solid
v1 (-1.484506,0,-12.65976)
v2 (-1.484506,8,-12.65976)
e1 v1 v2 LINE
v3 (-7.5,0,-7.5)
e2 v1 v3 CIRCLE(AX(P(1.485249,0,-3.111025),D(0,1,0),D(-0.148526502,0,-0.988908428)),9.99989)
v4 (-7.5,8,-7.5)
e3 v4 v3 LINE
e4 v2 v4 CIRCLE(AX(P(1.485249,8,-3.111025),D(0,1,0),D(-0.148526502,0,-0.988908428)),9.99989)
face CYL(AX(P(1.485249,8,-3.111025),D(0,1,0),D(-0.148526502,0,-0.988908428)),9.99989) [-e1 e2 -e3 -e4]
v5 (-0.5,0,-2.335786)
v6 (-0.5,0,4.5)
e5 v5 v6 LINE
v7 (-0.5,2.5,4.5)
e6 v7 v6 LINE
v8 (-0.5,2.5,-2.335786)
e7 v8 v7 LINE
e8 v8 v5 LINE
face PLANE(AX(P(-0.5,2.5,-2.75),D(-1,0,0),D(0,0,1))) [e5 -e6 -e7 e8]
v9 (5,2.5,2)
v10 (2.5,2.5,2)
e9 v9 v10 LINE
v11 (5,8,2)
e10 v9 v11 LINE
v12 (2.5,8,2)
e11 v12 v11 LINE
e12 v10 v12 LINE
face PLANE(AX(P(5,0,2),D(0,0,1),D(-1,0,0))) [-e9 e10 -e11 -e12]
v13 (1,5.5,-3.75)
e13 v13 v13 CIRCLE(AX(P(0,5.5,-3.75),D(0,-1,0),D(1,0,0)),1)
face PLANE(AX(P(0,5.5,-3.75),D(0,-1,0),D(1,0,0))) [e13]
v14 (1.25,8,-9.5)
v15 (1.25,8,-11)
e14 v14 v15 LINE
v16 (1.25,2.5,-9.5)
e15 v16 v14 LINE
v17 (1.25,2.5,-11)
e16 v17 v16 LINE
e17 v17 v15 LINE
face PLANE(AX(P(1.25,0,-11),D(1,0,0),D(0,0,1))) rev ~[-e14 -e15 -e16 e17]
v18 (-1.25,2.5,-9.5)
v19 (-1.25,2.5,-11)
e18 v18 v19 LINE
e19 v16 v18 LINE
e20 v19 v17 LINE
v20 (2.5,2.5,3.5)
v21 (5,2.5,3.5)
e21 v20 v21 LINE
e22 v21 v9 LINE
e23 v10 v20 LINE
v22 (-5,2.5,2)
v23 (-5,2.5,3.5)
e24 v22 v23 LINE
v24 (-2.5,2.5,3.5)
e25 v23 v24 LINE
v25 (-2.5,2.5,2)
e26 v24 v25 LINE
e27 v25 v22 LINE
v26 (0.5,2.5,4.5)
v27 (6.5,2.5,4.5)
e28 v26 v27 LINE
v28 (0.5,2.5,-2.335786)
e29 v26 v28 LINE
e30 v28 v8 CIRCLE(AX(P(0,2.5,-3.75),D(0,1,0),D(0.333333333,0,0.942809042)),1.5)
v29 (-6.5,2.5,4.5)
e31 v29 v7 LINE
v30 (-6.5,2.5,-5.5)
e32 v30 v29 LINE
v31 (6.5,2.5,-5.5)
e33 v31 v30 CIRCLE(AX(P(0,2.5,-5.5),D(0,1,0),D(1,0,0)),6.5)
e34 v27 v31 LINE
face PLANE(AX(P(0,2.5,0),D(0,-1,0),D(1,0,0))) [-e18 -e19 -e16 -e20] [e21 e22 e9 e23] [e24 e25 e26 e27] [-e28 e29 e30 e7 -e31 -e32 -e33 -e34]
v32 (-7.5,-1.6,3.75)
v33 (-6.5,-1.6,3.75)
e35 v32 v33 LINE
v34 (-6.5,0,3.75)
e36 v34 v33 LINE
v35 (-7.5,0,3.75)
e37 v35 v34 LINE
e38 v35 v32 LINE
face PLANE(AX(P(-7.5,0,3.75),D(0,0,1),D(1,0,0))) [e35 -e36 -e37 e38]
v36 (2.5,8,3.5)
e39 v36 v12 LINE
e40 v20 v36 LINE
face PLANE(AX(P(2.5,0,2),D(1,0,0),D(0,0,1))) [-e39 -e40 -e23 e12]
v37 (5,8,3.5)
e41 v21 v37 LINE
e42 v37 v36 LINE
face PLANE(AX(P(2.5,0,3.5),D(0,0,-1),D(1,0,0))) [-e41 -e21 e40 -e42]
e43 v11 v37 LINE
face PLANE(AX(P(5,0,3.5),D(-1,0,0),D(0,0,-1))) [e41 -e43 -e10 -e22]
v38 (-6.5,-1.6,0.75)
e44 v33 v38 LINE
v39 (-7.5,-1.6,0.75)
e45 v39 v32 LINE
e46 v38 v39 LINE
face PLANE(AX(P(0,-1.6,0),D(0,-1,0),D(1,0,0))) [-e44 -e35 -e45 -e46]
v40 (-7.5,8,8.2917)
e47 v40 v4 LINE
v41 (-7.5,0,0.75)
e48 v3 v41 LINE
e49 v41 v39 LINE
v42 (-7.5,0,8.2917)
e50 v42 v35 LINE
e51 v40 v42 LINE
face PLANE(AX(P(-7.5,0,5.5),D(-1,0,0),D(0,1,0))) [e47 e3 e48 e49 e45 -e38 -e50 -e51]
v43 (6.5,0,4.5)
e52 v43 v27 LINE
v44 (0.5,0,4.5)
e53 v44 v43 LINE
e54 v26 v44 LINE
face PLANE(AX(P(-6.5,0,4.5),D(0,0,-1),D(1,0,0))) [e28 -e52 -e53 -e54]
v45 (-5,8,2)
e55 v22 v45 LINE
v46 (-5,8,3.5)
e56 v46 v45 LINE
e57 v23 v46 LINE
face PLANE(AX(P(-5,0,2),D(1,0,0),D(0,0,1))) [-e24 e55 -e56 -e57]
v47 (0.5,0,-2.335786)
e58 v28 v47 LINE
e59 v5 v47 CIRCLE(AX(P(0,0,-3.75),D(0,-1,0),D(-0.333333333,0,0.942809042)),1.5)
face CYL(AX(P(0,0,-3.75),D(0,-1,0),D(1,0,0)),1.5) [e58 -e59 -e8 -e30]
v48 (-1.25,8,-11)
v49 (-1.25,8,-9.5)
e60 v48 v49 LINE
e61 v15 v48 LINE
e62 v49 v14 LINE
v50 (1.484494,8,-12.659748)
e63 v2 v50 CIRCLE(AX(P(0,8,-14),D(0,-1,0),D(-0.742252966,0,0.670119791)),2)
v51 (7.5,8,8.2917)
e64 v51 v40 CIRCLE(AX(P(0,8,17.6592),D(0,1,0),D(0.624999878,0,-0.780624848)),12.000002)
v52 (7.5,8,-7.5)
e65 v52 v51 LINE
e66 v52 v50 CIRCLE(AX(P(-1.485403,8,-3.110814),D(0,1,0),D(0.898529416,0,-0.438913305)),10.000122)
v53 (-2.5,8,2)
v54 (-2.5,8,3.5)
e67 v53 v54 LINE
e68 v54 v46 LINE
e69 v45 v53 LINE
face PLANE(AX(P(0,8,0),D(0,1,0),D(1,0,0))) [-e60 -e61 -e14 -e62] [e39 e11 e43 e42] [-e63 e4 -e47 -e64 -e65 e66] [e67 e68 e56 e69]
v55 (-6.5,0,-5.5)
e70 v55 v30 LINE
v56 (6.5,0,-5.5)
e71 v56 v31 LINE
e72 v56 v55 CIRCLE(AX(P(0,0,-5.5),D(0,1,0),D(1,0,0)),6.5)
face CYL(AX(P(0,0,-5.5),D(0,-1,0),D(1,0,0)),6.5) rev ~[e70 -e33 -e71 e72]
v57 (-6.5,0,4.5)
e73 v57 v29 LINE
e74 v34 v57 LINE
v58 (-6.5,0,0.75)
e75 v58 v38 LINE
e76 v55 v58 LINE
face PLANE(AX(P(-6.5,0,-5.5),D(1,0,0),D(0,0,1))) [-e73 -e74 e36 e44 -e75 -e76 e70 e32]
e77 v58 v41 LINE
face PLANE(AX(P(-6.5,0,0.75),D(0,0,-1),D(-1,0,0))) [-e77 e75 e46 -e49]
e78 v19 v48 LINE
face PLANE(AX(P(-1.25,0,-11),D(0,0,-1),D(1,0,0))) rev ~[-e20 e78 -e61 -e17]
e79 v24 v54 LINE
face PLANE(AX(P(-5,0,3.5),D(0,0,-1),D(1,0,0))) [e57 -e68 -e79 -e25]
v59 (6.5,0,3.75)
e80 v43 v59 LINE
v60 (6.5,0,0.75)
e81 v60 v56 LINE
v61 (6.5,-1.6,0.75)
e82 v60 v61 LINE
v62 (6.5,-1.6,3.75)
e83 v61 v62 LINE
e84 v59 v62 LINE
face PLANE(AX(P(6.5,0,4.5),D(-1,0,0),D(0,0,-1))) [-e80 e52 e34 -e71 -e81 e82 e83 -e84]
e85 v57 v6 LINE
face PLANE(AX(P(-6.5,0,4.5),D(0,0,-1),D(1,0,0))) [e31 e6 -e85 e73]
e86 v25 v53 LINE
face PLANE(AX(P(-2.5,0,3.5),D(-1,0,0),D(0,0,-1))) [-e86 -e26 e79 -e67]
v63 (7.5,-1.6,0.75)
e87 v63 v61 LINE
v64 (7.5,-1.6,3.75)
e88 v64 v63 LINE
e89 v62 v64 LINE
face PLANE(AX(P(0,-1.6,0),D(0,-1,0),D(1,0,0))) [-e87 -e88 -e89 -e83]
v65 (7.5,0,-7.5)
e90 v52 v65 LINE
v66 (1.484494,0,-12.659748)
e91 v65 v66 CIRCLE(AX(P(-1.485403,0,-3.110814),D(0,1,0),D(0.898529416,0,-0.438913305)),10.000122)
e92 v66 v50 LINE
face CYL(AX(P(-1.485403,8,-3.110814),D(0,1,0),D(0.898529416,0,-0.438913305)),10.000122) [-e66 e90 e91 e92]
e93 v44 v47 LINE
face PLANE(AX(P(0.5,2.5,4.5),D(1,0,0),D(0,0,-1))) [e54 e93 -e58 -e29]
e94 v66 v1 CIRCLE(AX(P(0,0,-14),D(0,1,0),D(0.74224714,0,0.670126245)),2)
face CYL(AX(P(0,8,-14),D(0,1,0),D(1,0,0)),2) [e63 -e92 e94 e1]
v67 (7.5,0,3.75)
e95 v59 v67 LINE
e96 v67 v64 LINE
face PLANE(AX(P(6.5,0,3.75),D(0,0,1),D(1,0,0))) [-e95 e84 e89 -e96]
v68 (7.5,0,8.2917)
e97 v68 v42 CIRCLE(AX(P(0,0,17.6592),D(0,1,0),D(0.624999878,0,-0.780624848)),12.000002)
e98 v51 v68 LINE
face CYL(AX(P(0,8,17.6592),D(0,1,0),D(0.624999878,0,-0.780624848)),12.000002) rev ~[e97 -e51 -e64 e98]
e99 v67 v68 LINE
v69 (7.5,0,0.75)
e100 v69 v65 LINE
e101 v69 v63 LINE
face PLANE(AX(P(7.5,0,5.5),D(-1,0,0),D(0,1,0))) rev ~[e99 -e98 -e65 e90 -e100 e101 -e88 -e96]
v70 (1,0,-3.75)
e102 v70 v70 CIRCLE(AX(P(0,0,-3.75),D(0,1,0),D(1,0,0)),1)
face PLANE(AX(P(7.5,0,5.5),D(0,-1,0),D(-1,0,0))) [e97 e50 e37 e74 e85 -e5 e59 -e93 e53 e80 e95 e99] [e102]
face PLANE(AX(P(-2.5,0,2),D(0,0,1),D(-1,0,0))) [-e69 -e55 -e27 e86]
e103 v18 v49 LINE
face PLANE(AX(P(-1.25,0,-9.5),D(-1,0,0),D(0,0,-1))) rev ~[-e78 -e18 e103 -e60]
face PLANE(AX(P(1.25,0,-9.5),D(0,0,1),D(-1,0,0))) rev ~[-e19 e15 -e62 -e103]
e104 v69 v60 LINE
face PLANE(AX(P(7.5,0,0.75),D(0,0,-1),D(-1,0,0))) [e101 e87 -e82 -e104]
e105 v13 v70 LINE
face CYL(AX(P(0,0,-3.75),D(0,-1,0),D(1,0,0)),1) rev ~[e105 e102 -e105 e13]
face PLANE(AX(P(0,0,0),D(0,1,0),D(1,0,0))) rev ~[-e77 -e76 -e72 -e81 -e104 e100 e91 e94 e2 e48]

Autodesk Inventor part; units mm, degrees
ref_plane "YZ Plane" through (0, 0, 0) normal (1, 0, 0) x (0, 1, 0)
ref_plane "XZ Plane" through (0, 0, 0) normal (0, 1, 0) x (-1, 0, 0)
ref_plane "XY Plane" through (0, 0, 0) normal (0, 0, 1) x (1, 0, 0)
sketch "Sketch1" plane through (0, 0, 0) normal (0, 1, 0) x (-1, 0, 0)
  line L0 (-7.5, 5.5) -> (7.5, 5.5)
  line L1 (7.5, 5.5) -> (7.5, -5.5)
  line L2 (7.5, -5.5) -> (-7.5, -5.5)
  line L3 (-7.5, -5.5) -> (-7.5, 5.5)
  line L4 (-7.5, 5.5) -> (7.5, -5.5) construction
  line L5 (7.5, 5.5) -> (-7.5, -5.5) construction
  circle A0 centre (0, -5.5) radius 7.5 construction
  arc A1 (-7.5, -5.5) -> (7.5, -5.5) centre (0, -5.5) ccw
  point P0 (0, 0)
  dimension "d0" = 11
  dimension "d1" = 15
extrude "Extrusion1" add sketch "Sketch1" along normal blind 8
sketch "Sketch2" plane through (0, 0, 0) normal (0, -1, 0) x (1, 0, 0)
  line L0 (7.5, 9.25) -> (-7.5, 9.25)
  line L1 (-7.5, 9.25) -> (-7.5, -20.75)
  line L2 (-7.5, -20.75) -> (7.5, -20.75)
  line L3 (7.5, -20.75) -> (7.5, 9.25)
  line L4 (7.5, 9.25) -> (-7.5, -20.75) construction
  line L5 (-7.5, 9.25) -> (7.5, -20.75) construction
  line L6 (-7.5, 5.5) -> (7.5, 5.5) projected
  line L7 (7, 8.75) -> (-7, 8.75) construction
  line L8 (-7, 8.75) -> (-7, -20.25) construction
  line L9 (-7, -20.25) -> (7, -20.25) construction
  line L10 (7, -20.25) -> (7, 8.75) construction
  line L11 (7, 8.75) -> (-7, -20.25) construction
  line L12 (-7, 8.75) -> (7, -20.25) construction
  point P0 (0, 0)
  point P1 (0, -5.75)
  dimension "d4" = 15
  dimension "d5" = 30
  dimension "d6" = 3.75
  dimension "d18" = 0.5
  dimension "d19" = 0.5
sketch "Sketch4" plane through (0, 0, 0) normal (0, -1, 0) x (1, 0, 0)
  line L0 (-7.5, -5.5) -> (-7.5, 5.5) projected
  line L1 (-7.5, 3.75) -> (-6.5, 3.75)
  line L2 (-6.5, 3.75) -> (-6.5, 0.75)
  line L3 (-6.5, 0.75) -> (-7.5, 0.75)
  line L4 (-7.5, 0.75) -> (-7.5, 3.75)
  line L5 (7.5, 5.5) -> (7.5, -5.5) projected
  line L6 (7.5, 0.75) -> (6.5, 0.75)
  line L7 (6.5, 0.75) -> (6.5, 3.75)
  line L8 (6.5, 3.75) -> (7.5, 3.75)
  line L9 (7.5, 3.75) -> (7.5, 0.75)
  line L10 (-7.5, -20.25) -> (7.5, -20.25) construction
  line L11 (7.5, -20.25) -> (7.5, 9.75) construction
  line L12 (7.5, 9.75) -> (-7.5, 9.75) construction
  line L13 (-7.5, 9.75) -> (-7.5, -20.25) construction
  line L14 (-7.5, -20.25) -> (7.5, 9.75) construction
  line L15 (7.5, -20.25) -> (-7.5, 9.75) construction
  line L16 (-7.5, 5.5) -> (7.5, 5.5) construction
  arc A0 (-7.5, -5.5) -> (7.5, -5.5) centre (0, -5.5) ccw construction
  point P0 (0, 0)
  point P1 (0, -5.25)
  point P2 (0, -13)
  point P3 (-7, 3.75)
  point P4 (-7.5, 0.75)
  point P5 (-7, 0.75)
  point P6 (7.5, 3.75)
  point P7 (-7.5, 0.75)
  dimension "d20" = 1
  dimension "d21" = 3
  dimension "d22" = 1
  dimension "d23" = 3
  dimension "d24" = 15
  dimension "d25" = 30
  dimension "d27" = 7.25
  dimension "d106" = 0.75
extrude "Extrusion3" add sketch "Sketch4" along normal blind 1.6
sketch "Sketch6" plane through (0, 0, 0) normal (0, -1, 0) x (1, 0, 0)
  line L0 (7.5, 11.25) -> (-7.5, 11.25)
  line L1 (-7.5, 11.25) -> (-7.5, -18.75)
  line L2 (-7.5, -18.75) -> (7.5, -18.75)
  line L3 (7.5, -18.75) -> (7.5, 11.25)
  line L4 (7.5, 11.25) -> (-7.5, -18.75) construction
  line L5 (-7.5, 11.25) -> (7.5, -18.75) construction
  line L6 (7, 10.75) -> (-7, 10.75) construction
  line L7 (-7, 10.75) -> (-7, -18.25) construction
  line L8 (-7, -18.25) -> (7, -18.25) construction
  line L9 (7, -18.25) -> (7, 10.75) construction
  line L10 (7, 10.75) -> (-7, -18.25) construction
  line L11 (-7, 10.75) -> (7, -18.25) construction
  circle A0 centre (0, -3.75) radius 1
  circle A1 centre (0, -3.75) radius 1.5
  line L12 (-6.5, 4.5) -> (6.5, 4.5)
  line L13 (6.5, 4.5) -> (6.5, -5.5)
  line L14 (6.5, -5.5) -> (-6.5, -5.5)
  line L15 (-6.5, -5.5) -> (-6.5, 4.5)
  line L16 (-7.5, 5.5) -> (7.5, 5.5) projected
  arc A2 (-7.5, -5.5) -> (7.5, -5.5) centre (0, -5.5) ccw projected
  circle A3 centre (0, -5.5) radius 6.5
  point P0 (0, 0)
  point P1 (-7.5, -3.75)
  point P2 (6.5, -5.5)
  dimension "d31" = 15
  dimension "d32" = 30
  dimension "d34" = 0.5
  dimension "d35" = 0.5
  dimension "d36" = 2
  dimension "d37" = 0.5
  dimension "d38" = 1
  dimension "d39" = 1
  dimension "d40" = 1
  dimension "d41" = 1
  dimension "d107" = 3.75
extrude "Extrusion4" cut sketch "Sketch6" against normal blind 2.5 contours A0 | L12 L13 A3 L15 | A3 L14 | L14 A3
sketch "Sketch10" plane through (0, 8, 0) normal (0, 1, 0) x (1, 0, 0)
  point P0 (0, 0)
sketch "Sketch11" plane through (0, 0, 0) normal (0, -1, 0) x (1, 0, 0)
  line L0 (-5, 3.5) -> (-2.5, 3.5)
  line L1 (-2.5, 3.5) -> (-2.5, 2)
  line L2 (-2.5, 2) -> (-5, 2)
  line L3 (-5, 2) -> (-5, 3.5)
  line L4 (2.5, 3.5) -> (5, 3.5)
  line L5 (5, 3.5) -> (5, 2)
  line L6 (5, 2) -> (2.5, 2)
  line L7 (2.5, 2) -> (2.5, 3.5)
  line L8 (-6.5, 3.75) -> (-7.5, 3.75) projected
  line L9 (-6.5, 0.75) -> (-6.5, 3.75) projected
  line L10 (6.5, 3.75) -> (6.5, 0.75) projected
  line L11 (-6.5, 4.5) -> (6.5, 4.5) projected
  line L12 (-1.25, -11) -> (1.25, -11)
  line L13 (1.25, -11) -> (1.25, -9.5)
  line L14 (1.25, -9.5) -> (-1.25, -9.5)
  line L15 (-1.25, -9.5) -> (-1.25, -11)
  circle A0 centre (0, -3.75) radius 1 projected
  point P0 (0, 0)
  point P1 (-3.75, 3.5)
  point P2 (3.75, 3.5)
  point P3 (1.25, -10.25)
  point P4 (2.5, 2.75)
  point P5 (0, -9.5)
  point P6 (3.75, 2)
  point P7 (-2.5, 2.75)
  dimension "d51" = 2.5
  dimension "d52" = 1.5
  dimension "d55" = 2.75
  dimension "d56" = 2.75
  dimension "d60" = 13
  dimension "d61" = 3.75
  dimension "d62" = 3.75
  dimension "d103" = 6.5
  dimension "d104" = 6.5
extrude "Extrusion8" cut sketch "Sketch11" against normal blind 10 contours L0 L1 L2 L3 | L4 L5 L6 L7 | L15 L14 L13 L12
sketch "Sketch12" plane through (0, 2.5, 0) normal (0, -1, 0) x (1, 0, 0)
  line L0 (5, 2) -> (5, 3.5) construction
  line L1 (2.5, 2) -> (5, 2) construction
  line L2 (5, 3.5) -> (2.5, 3.5) construction
  line L3 (2.5, 3.5) -> (2.5, 2) construction
  line L4 (2.5, 2) -> (5, 2) construction
  line L5 (5, 2) -> (5, 3.5) construction
  line L6 (-2.5, 2) -> (-2.5, 3.5) construction
  line L7 (-2.5, 2) -> (-5, 2) construction
  line L8 (-2.5, 3.5) -> (-5, 3.5) construction
  line L9 (-5, 3.5) -> (-5, 2) construction
  line L10 (-5, 2) -> (-2.5, 2) construction
  line L11 (-2.5, 2) -> (-2.5, 3.5) construction
  line L12 (-1.25, -9.5) -> (1.25, -9.5) construction
  line L13 (-1.25, -9.5) -> (-1.25, -11) construction
  line L14 (1.25, -9.5) -> (-1.25, -9.5) construction
  line L15 (-1.25, -9.5) -> (-1.25, -11) construction
  line L16 (-1.25, -11) -> (1.25, -11) construction
  line L17 (1.25, -11) -> (1.25, -9.5) construction
  line L18 (5.5, 3.5) -> (2, 3.5)
  line L19 (2, 3.5) -> (2, 2)
  line L20 (2, 2) -> (5.5, 2)
  line L21 (5.5, 2) -> (5.5, 3.5)
  line L22 (1.75, -9.5) -> (-1.75, -9.5)
  line L23 (-1.75, -9.5) -> (-1.75, -11)
  line L24 (-1.75, -11) -> (1.75, -11)
  line L25 (1.75, -11) -> (1.75, -9.5)
  line L26 (-2, 3.5) -> (-5.5, 3.5)
  line L27 (-5.5, 3.5) -> (-5.5, 2)
  line L28 (-5.5, 2) -> (-2, 2)
  line L29 (-2, 2) -> (-2, 3.5)
  point P0 (0, 0)
  point P1 (-2.5, 2.75)
  point P2 (-2, 2.75)
  point P3 (-3.75, 2)
  point P4 (-3.75, 2)
  point P5 (-3.75, 3.5)
  point P6 (-3.75, 3.5)
  point P7 (-5, 2.75)
  point P8 (-5.5, 2.75)
  point P9 (1.25, -10.25)
  point P10 (1.75, -10.25)
  point P11 (0, -11)
  point P12 (-1.25, -10.25)
  dimension "d63" = 0.5
  dimension "d64" = 0
  dimension "d65" = 0
  dimension "d67" = 0.5
  dimension "d68" = 0
  dimension "d69" = 0
  dimension "d70" = 0.5
  dimension "d71" = 0.5
  dimension "d72" = 0
  dimension "d73" = 0
  dimension "d74" = 0.5
  dimension "d96" = 0.5
sketch "Sketch16" plane through (0, 2.5, 0) normal (0, -1, 0) x (1, 0, 0)
  line L0 (-6.5, -5.5) -> (-6.5, 4.5) construction
  line L1 (-6.5, 4.5) -> (6.5, 4.5) construction
  line L2 (-6.5, 4.5) -> (6.5, 4.5) construction
  line L3 (-0.5, 4.5) -> (0.5, 4.5)
  line L4 (0.5, 4.5) -> (0.5, -2.75)
  line L5 (0.5, -2.75) -> (-0.5, -2.75)
  line L6 (-0.5, -2.75) -> (-0.5, 4.5)
  circle A0 centre (0, -3.75) radius 1.5 construction
  circle A1 centre (0, -3.75) radius 1.75 construction
  line L7 (-6.5, -2.75) -> (6.5174, -2.75) construction
  circle A2 centre (0, -3.75) radius 1.5 construction
  circle A3 centre (0, -3.75) radius 1 construction
  line L8 (6.5, 0.75) -> (6.5, -5.5) projected
  line L9 (-6.5, -5.873) -> (6.5, -5.873)
  line L10 (6.5, -5.873) -> (6.5, -6.873)
  line L11 (6.5, -6.873) -> (-6.5, -6.873)
  line L12 (-6.5, -6.873) -> (-6.5, -5.873)
  point P0 (0, 0)
  point P1 (0, 4.5)
  point P2 (0.0087, -2.75)
  dimension "d94" = 1
  dimension "d95" = 1
extrude "Extrusion10" add sketch "Sketch16" along normal blind 2.5 contours L3 L4 L5 L6
sketch "Sketch19" plane through (-7.5, 0, 5.5) normal (0, 0, 1) x (1, 0, 0)
  line L0 (15, 0) -> (15, 8) projected
  line L1 (0, 8) -> (15, 8)
  line L2 (15, 8) -> (15, 0)
  line L3 (15, 0) -> (0, 0)
  line L4 (0, 0) -> (0, 8)
  point P0 (7.5, 0)
extrude "Extrusion13" add sketch "Sketch19" along normal blind 6
sketch "Sketch18" plane through (0, 8, 0) normal (0, 1, 0) x (1, 0, 0)
  line L0 (-7.5, -3.75) -> (-7.5, -5.5) projected
  line L1 (-7.5, -5.5) -> (-7.5, -8.2917)
  line L2 (7.5, -5.5) -> (7.5, -8.2917)
  arc A0 (7.5, -8.2917) -> (-7.5, -8.2917) centre (0, -17.6592) ccw
  line L3 (-7.5, -5.5) -> (0, -3.75)
  line L4 (-7.5, -5.5) -> (7.5, -5.5) projected
  line L5 (0, -3.75) -> (7.5, -5.5)
  line L6 (-7.5, -8.2917) -> (-7.5, -17.8663)
  line L7 (-7.5, -17.8663) -> (8.2387, -17.8663)
  line L8 (8.2387, -17.8663) -> (7.5, -8.2917)
  line L9 (-7.5, -8.2917) -> (-7.5, -5.5)
  point P0 (0, 0)
  point P1 (3.395, -5.5)
  point P2 (-3.395, -5.5)
  dimension "d108" = 12
extrude "Extrusion12" cut sketch "Sketch18" against normal blind 8 contours A0 L8 L7 L6
sketch "Sketch21" plane through (0, 8, 0) normal (0, 1, 0) x (1, 0, 0)
  line L0 (-7.5, 5.5) -> (-7.5, -8.2917) projected
  line L1 (-7.5, 5.5) -> (-4.5586, 5.5)
  line L2 (-4.5586, 5.5) -> (-4.5586, 13.4633)
  line L3 (-4.5586, 13.4633) -> (-7.5, 13.4633)
  line L4 (-7.5, 13.4633) -> (-7.5, 5.5)
  arc A0 (7.5, 5.5) -> (-7.5, 5.5) centre (0, 5.5) ccw projected
  line L5 (7.5, 5.5) -> (3.8632, 5.5)
  line L6 (3.8632, 5.5) -> (3.8632, 13.1156)
  line L7 (3.8632, 13.1156) -> (7.5, 13.1156)
  line L8 (7.5, 13.1156) -> (7.5, 5.5)
  point P0 (0, 0)
  point P1 (3.8632, 11.9285)
  point P2 (-4.5586, 11.4556)
  point P3 (-7.5, -5.5)
extrude "Extrusion15" add sketch "Sketch21" against normal blind 8 contours L6 L7 L8 A0 | L4 L3 L2 A0
sketch "Sketch20" plane through (0, 8, 0) normal (0, 1, 0) x (1, 0, 0)
  arc A0 (7.5, 5.5) -> (-7.5, 5.5) centre (0, 5.5) ccw projected
  line L0 (-7.5, 5.5) -> (-7.5, 7.5)
  line L1 (7.5, 5.5) -> (7.5, 7.5)
  arc A1 (0, 13) -> (-7.5, 7.5) centre (1.4853, 3.1109) ccw
  arc A2 (7.5, 7.5) -> (0, 13) centre (-1.4853, 3.1109) ccw
  line L2 (-7.5, 7.5) -> (-7.5, 19.3065)
  line L3 (-7.5, 7.5) -> (4.3065, 7.5) construction
  line L4 (-7.5, 19.3065) -> (7.5, 19.3065)
  line L5 (7.5, 19.3065) -> (7.5, 7.5)
  point P0 (0, 0)
  point P1 (-6.7259, 8.8184)
  point P2 (6.7259, 8.8184)
  dimension "d113" = 2
  dimension "d114" = 10
  dimension "d115" = 90
  dimension "d116" = 90
extrude "Extrusion14" cut sketch "Sketch20" against normal blind 10 contours A2 A0 | A0 A1 L2 L4 L5 A2 | A1 A0
sketch "Sketch22" plane through (0, 8, 0) normal (0, 1, 0) x (1, 0, 0)
  line L0 (0, 0) -> (0, 20.304) construction
  circle A0 centre (0, 14) radius 2
  line L1 (-1.25, 11) -> (1.25, 11) projected
  dimension "d121" = 4
  dimension "d122" = 3
extrude "Extrusion16" add sketch "Sketch22" against normal blind 8
sketch "Sketch23" plane through (0, 2.5, -3.75) normal (0, -1, 0) x (1, 0, 0)
  circle A0 centre (0, 0) radius 1 projected
  circle A1 centre (0, 0) radius 1
  point P0 (0, 3.75)
extrude "Extrusion17" cut sketch "Sketch23" against normal blind 3
sketch "Sketch14" plane through (0, 2.5, 0) normal (0, -1, 0) x (1, 0, 0)
  line L0 (5, 2.75) -> (2.5, 2.75) construction
  line L1 (2.5, 2.75) -> (2.5, 1.25) construction
  line L2 (2.5, 1.25) -> (5, 1.25) construction
  line L3 (5, 1.25) -> (5, 2.75) construction
  line L4 (5.5, 3.25) -> (2, 3.25)
  line L5 (2, 3.25) -> (2, 0.75)
  line L6 (2, 0.75) -> (5.5, 0.75)
  line L7 (5.5, 0.75) -> (5.5, 3.25)
  dimension "d86" = 0.5
  dimension "d87" = 0.5
sketch "Sketch15" plane through (0, 3.5, 0) normal (0, -1, 0) x (1, 0, 0)
  line L0 (5, 2.75) -> (2.5, 2.75)
  line L1 (2.5, 2.75) -> (2.5, 1.25)
  line L2 (2.5, 1.25) -> (5, 1.25)
  line L3 (5, 1.25) -> (5, 2.75)
  point P0 (0, 0)
sketch "Sketch8" plane through (0, 0, -3.75) normal (0, -1, 0) x (1, 0, 0)
  circle A0 centre (0, 0) radius 1.75
  circle A1 centre (0, 0) radius 1.5 projected
  circle A2 centre (0, 0) radius 1.5
  point P0 (0, 3.75)
  dimension "d46" = 0.25
sketch "Sketch7" plane through (0, 2.5, -3.75) normal (0, -1, 0) x (1, 0, 0)
  circle A0 centre (0, 0) radius 1.25
  point P0 (0, 3.75)
properties part number "NORGATE"
